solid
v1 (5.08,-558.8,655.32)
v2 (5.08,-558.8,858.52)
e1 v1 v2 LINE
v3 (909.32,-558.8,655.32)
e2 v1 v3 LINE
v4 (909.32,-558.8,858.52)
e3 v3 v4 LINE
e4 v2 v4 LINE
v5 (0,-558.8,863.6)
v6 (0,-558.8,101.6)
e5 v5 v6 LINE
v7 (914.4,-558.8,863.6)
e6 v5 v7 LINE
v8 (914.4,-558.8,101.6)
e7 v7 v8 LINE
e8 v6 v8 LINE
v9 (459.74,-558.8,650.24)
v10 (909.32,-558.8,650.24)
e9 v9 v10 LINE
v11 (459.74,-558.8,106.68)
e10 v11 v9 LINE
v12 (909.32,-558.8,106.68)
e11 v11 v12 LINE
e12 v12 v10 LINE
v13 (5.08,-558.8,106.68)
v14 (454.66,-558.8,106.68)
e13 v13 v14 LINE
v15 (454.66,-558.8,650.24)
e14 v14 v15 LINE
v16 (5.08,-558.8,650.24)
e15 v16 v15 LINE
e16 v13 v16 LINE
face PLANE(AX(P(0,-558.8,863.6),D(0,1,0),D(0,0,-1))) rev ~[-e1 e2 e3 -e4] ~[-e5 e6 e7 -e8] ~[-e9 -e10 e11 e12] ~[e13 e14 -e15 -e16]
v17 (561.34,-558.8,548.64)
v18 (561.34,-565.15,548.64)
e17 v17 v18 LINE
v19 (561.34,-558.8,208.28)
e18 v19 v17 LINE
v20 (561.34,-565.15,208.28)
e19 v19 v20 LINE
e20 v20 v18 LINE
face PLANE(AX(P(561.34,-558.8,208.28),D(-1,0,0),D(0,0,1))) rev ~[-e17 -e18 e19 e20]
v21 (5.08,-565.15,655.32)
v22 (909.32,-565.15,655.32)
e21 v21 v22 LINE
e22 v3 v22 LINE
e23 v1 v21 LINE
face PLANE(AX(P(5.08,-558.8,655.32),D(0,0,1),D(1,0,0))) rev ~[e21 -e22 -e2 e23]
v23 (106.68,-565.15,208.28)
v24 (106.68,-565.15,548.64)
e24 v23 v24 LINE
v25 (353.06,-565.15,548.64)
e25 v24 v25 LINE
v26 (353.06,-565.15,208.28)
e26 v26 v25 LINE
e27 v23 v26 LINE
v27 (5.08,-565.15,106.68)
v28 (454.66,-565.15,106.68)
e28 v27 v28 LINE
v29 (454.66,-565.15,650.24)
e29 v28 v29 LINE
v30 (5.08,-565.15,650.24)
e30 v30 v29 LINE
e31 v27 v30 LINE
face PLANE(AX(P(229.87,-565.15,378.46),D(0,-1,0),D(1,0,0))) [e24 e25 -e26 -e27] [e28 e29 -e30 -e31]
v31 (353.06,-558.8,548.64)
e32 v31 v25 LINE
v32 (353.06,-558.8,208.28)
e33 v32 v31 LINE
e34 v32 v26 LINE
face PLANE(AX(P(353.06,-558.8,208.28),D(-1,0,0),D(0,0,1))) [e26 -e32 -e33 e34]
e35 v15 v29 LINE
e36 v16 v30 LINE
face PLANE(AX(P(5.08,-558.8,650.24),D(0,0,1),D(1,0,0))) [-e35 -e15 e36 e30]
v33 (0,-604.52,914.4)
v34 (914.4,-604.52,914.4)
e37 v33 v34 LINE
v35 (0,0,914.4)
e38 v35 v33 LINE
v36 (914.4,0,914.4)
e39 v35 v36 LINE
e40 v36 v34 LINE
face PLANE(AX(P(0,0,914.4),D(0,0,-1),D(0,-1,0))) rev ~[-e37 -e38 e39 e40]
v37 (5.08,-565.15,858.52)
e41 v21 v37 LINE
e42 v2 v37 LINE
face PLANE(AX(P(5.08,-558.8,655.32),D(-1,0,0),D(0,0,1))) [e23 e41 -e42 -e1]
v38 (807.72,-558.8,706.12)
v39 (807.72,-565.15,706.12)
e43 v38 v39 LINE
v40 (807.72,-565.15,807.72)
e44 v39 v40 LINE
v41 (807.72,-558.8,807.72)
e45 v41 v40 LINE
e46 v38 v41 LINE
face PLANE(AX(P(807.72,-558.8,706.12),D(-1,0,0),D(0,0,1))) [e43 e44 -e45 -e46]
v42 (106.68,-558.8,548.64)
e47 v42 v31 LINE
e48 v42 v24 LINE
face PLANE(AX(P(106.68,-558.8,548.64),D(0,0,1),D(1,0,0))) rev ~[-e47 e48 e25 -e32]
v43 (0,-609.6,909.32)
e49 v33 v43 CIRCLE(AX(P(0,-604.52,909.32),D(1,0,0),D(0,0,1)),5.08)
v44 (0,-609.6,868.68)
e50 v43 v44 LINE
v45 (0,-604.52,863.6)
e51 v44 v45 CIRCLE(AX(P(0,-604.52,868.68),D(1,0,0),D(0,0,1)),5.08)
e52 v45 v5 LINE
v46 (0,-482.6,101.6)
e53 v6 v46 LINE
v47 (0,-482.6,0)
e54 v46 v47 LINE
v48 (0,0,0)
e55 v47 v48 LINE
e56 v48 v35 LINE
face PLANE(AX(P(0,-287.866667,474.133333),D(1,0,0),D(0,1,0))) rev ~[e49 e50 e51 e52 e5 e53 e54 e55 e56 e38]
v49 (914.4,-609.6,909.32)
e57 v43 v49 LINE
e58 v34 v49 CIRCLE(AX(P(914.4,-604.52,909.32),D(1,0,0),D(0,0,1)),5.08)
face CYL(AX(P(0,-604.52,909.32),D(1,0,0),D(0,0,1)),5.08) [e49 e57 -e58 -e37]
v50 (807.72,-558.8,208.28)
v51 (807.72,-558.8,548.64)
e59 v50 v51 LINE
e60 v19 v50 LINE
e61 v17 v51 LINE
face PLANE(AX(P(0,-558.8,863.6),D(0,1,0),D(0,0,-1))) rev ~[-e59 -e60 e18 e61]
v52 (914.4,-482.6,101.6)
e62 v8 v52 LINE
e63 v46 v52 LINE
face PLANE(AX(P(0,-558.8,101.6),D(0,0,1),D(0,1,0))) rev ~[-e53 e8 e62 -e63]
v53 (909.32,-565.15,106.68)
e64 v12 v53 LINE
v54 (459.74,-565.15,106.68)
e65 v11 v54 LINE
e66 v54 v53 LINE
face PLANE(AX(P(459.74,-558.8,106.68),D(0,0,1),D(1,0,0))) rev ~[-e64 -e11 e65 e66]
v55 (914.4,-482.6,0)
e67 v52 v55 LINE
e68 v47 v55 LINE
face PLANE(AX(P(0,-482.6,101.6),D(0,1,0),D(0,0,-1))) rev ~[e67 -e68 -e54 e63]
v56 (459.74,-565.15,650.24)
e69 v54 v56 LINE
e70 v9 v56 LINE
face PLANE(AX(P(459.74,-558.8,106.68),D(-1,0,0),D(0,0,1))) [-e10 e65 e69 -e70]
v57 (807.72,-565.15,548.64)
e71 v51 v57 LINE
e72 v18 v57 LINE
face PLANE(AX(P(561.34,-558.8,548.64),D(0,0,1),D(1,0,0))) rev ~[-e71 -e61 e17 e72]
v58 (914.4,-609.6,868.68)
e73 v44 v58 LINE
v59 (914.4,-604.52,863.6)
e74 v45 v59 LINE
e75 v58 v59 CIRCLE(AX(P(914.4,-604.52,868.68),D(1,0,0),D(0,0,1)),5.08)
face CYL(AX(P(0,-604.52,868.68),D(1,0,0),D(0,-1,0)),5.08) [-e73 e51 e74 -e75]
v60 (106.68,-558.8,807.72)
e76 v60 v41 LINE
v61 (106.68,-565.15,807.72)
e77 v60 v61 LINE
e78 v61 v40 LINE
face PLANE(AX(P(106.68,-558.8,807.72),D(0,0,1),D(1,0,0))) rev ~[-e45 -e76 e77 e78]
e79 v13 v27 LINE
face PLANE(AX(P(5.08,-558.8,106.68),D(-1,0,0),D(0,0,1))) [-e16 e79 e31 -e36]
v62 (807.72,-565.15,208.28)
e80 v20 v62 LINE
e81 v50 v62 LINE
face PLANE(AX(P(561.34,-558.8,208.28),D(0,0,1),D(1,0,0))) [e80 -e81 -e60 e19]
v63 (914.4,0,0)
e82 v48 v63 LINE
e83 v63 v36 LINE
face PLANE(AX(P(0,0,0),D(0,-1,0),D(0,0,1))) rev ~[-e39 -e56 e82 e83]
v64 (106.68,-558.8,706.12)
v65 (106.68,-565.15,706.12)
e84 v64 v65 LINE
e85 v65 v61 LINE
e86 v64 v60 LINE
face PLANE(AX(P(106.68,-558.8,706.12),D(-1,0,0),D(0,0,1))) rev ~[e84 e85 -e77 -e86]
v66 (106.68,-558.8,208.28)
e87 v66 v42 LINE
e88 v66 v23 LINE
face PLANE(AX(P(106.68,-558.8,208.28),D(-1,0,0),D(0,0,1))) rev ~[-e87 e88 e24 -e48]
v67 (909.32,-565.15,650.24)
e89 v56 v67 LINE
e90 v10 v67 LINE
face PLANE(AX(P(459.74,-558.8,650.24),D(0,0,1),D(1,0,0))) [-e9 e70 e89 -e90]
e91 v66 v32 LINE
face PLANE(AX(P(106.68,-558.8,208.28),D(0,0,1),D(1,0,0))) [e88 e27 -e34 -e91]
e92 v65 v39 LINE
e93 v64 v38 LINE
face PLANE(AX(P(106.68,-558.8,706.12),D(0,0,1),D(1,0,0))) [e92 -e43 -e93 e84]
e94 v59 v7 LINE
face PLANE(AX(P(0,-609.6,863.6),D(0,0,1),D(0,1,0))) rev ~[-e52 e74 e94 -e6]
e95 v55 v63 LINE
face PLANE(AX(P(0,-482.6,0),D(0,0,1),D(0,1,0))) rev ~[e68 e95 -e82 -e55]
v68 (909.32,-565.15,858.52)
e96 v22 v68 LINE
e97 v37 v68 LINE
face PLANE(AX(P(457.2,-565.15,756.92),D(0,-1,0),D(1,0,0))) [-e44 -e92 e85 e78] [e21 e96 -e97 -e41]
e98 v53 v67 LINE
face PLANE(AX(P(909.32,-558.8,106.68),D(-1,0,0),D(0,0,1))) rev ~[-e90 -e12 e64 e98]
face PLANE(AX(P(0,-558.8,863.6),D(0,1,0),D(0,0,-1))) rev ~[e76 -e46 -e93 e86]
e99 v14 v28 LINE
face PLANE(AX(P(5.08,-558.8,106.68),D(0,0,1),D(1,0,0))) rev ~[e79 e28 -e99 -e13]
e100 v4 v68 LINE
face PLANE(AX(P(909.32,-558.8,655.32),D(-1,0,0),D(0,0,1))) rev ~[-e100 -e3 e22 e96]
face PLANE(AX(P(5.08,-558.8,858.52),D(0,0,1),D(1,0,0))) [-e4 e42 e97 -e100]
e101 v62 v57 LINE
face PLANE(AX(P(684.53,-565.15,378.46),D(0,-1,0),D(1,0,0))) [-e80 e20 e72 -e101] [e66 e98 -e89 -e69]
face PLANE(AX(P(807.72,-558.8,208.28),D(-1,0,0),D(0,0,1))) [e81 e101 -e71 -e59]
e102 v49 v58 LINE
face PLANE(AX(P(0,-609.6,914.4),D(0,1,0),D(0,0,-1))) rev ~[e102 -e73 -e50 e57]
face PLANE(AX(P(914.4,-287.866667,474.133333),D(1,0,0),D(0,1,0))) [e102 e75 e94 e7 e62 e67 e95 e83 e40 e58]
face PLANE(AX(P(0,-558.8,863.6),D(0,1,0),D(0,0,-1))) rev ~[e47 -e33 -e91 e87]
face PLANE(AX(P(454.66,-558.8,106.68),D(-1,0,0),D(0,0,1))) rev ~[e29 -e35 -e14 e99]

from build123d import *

# Parameters (mm, degrees)
F1_DEPTH = 914.4
F2_R     = 5.08
F3_W     = 904.24
F3_H     = 203.2
F3_W_2   = 701.04
F3_H_2   = 101.6
F3_W_3   = 449.58
F3_H_3   = 543.56
F3_W_4   = 246.38
F3_H_4   = 340.36
F4_DEPTH = 6.35


with BuildPart() as f1:
    # F0 (on Right) → F1 (new body)
    with BuildSketch(Plane.YZ):
        Polygon((-482.6, 0), (0, 0), (0, 914.4), (-609.6, 914.4), (-609.6, 863.6), (-558.8, 863.6), (-558.8, 101.6), (-482.6, 101.6), align=None)
    extrude(amount=F1_DEPTH)

    # F2
    f2_edges = [f1.edges().sort_by_distance(p)[0] for p in [
        (457.2, -609.6, 914.4),
        (457.2, -609.6, 863.6),
    ]]
    fillet(f2_edges, radius=F2_R)

    # F3 (on face) → F4 (join)
    with BuildSketch(Plane.XZ.offset(558.8)):
        with Locations((457.2, 756.92)):
            Rectangle(F3_W, F3_H)
        with Locations((457.2, 756.92)):
            Rectangle(F3_W_2, F3_H_2, mode=Mode.SUBTRACT)
        with Locations((684.53, 378.46)):
            Rectangle(F3_W_3, F3_H_3)
        with Locations((684.53, 378.46)):
            Rectangle(F3_W_4, F3_H_4, mode=Mode.SUBTRACT)
        with Locations((229.87, 378.46)):
            Rectangle(F3_W_3, F3_H_3)
        with Locations((229.87, 378.46)):
            Rectangle(F3_W_4, F3_H_4, mode=Mode.SUBTRACT)
    extrude(amount=F4_DEPTH)


solid = f1.part
